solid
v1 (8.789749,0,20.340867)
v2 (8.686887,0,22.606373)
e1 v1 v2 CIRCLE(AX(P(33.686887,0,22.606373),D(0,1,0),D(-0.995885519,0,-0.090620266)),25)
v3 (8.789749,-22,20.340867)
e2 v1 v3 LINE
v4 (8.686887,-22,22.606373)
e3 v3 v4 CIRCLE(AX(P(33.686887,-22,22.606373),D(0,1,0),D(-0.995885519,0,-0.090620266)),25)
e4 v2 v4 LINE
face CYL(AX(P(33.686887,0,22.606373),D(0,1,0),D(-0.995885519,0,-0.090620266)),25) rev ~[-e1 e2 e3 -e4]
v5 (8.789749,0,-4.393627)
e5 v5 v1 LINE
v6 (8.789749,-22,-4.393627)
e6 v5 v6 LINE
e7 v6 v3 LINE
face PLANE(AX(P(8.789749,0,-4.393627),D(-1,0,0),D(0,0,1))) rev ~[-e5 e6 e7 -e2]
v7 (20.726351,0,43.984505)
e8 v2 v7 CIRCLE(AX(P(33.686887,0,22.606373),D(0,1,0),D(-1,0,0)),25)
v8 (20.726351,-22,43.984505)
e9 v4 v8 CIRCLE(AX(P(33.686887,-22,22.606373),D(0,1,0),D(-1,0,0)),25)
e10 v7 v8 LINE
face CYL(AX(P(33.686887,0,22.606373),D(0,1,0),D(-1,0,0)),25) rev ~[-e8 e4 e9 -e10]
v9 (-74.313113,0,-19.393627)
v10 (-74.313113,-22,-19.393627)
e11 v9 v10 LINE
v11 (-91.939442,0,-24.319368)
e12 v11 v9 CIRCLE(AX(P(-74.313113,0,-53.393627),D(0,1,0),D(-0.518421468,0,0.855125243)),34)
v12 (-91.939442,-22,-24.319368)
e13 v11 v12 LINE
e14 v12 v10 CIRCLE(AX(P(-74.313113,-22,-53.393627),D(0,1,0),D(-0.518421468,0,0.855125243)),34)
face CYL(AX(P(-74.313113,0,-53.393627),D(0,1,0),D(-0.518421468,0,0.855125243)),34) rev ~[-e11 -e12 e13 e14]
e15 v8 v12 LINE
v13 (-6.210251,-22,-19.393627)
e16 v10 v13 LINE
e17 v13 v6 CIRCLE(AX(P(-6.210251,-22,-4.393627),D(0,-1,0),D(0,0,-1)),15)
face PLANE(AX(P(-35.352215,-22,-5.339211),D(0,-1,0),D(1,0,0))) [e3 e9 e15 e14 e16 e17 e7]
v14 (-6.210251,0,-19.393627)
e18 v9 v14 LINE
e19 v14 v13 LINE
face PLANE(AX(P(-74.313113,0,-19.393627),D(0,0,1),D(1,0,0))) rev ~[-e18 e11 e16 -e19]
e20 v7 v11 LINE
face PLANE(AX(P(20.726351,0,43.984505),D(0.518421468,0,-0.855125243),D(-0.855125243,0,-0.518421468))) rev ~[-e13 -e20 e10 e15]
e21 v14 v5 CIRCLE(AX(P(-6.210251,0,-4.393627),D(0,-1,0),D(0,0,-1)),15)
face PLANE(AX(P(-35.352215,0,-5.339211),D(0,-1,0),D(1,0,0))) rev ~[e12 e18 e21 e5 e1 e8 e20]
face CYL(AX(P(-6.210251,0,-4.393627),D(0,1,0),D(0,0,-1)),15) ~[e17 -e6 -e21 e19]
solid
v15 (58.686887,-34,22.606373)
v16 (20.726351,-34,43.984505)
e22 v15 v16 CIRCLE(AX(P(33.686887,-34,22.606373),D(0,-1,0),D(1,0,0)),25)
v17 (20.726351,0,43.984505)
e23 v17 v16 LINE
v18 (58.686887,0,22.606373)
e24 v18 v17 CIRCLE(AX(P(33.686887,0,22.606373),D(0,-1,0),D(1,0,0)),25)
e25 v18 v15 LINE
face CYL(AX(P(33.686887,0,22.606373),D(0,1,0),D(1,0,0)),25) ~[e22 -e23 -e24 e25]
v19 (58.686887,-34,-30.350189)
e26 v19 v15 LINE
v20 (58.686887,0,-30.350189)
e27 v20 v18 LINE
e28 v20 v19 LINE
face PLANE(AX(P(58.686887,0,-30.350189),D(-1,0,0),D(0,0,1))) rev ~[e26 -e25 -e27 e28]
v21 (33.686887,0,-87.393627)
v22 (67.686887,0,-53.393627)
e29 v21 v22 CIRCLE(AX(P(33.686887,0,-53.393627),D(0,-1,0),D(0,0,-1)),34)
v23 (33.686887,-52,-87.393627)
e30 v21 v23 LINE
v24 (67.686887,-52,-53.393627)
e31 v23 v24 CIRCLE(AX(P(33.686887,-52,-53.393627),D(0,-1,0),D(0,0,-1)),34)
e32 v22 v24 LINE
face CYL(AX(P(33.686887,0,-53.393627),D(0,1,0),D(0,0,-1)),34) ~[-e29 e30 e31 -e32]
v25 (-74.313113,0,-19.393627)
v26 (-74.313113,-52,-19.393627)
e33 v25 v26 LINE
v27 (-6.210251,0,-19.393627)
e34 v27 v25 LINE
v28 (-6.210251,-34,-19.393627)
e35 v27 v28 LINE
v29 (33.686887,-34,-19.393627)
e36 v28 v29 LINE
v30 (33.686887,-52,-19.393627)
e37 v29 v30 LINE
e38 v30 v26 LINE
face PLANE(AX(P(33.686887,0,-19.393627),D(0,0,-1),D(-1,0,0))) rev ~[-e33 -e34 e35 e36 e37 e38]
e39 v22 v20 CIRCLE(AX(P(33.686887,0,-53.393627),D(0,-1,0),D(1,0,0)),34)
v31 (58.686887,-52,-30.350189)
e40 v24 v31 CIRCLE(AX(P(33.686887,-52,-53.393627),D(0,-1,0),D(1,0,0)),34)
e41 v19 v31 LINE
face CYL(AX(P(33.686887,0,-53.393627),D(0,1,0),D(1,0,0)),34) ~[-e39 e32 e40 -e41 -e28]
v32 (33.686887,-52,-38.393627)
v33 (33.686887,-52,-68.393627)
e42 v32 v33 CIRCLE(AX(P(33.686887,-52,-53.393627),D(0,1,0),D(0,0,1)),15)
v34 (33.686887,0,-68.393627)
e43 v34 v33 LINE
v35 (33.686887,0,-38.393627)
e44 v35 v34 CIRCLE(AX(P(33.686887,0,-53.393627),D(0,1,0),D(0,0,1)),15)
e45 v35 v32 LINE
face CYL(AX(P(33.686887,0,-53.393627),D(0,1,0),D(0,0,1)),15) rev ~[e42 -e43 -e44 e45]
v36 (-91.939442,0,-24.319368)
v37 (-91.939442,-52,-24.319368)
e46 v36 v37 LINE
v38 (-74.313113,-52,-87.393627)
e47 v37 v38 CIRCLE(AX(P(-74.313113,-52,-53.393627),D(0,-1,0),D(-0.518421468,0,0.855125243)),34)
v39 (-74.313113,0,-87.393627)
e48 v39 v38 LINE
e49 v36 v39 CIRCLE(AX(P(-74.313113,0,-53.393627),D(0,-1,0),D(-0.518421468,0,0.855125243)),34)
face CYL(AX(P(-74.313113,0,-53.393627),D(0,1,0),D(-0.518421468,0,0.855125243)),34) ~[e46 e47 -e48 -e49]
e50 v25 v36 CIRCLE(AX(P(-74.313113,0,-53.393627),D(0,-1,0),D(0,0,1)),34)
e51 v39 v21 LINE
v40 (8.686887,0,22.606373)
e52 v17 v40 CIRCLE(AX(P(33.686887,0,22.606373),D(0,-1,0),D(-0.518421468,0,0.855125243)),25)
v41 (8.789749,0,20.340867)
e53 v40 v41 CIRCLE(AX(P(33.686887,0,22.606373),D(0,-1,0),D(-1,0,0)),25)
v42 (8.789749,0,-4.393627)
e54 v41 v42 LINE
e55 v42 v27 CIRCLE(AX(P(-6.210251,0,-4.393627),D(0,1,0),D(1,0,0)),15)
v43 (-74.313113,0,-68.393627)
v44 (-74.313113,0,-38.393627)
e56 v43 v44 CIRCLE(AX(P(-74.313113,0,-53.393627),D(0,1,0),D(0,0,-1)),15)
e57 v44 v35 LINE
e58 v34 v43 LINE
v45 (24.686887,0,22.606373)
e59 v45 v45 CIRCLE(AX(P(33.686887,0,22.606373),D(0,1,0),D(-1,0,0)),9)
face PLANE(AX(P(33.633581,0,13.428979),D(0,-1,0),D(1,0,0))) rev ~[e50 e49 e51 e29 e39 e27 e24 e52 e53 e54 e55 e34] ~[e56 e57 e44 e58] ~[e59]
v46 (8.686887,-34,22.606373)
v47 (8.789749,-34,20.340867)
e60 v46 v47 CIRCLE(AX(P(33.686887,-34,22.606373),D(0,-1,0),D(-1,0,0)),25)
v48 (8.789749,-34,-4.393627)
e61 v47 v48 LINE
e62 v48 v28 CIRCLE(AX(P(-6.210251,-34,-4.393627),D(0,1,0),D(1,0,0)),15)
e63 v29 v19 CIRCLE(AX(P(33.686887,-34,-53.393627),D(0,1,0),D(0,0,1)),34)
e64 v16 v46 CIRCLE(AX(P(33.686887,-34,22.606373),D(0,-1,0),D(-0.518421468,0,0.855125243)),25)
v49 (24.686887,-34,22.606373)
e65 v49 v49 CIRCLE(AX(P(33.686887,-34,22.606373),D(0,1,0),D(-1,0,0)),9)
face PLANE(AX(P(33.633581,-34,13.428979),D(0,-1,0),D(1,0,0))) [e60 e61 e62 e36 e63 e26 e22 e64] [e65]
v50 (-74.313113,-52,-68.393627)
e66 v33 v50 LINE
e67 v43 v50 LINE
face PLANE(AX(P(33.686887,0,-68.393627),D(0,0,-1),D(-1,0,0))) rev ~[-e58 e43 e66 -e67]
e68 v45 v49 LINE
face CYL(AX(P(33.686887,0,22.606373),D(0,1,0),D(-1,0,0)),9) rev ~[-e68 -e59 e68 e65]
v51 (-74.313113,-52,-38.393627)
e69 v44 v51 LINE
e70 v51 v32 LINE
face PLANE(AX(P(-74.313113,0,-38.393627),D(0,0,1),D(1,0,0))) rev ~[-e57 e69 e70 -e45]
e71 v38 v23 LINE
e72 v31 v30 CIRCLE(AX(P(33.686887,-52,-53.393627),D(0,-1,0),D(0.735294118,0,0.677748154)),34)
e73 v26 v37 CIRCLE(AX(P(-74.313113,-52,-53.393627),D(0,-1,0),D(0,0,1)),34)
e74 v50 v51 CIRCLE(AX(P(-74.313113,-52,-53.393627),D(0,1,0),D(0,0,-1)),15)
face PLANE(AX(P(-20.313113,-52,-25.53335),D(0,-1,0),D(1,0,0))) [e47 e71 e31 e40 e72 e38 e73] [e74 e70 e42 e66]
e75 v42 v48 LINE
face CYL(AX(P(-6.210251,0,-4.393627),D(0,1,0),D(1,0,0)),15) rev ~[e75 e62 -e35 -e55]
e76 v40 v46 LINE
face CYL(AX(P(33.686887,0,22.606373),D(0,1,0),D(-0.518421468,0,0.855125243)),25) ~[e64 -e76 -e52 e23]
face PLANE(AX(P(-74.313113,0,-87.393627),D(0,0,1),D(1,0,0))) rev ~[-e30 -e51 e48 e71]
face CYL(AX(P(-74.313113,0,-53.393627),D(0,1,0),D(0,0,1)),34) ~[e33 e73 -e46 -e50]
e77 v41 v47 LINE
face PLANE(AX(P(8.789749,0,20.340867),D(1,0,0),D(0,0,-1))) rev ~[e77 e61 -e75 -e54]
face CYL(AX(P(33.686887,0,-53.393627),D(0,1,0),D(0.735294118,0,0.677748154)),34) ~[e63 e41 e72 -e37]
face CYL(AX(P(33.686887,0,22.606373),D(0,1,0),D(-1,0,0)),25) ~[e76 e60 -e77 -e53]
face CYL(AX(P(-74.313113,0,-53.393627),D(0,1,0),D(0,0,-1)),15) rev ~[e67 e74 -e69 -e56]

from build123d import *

# Parameters (mm, degrees)
F1_DEPTH = 52
F2_DEPTH = 34
F3_DEPTH = 22


with BuildPart() as f1:
    # F0 (on Front) → F1 (new body)
    with BuildSketch(Plane.XZ):
        with BuildLine():
            ThreePointArc((3.1745948681, -38.3936265707), (15.7146867173, -24.5318871914), (33.6868874729, -19.3936265707))
            Line((33.6868874729, -19.3936265707), (-6.2102505072, -19.3936265707))
            Line((-6.2102505072, -19.3936265707), (-74.3131125271, -19.3936265707))
            ThreePointArc((-74.3131125271, -19.3936265707), (-56.3409117715, -24.5318871914), (-43.8008199223, -38.3936265707))
            Line((-43.8008199223, -38.3936265707), (3.1745948681, -38.3936265707))
        make_face()
        with BuildLine():
            ThreePointArc((-43.8008199223, -38.3936265707), (-56.3409117715, -24.5318871914), (-74.3131125271, -19.3936265707))
            Line((-74.3131125271, -19.3936265707), (-74.3131125271, -38.3936265707))
            Line((-74.3131125271, -38.3936265707), (-43.8008199223, -38.3936265707))
        make_face()
        with BuildLine():
            ThreePointArc((-74.3131125271, -19.3936265707), (-83.4639381348, -20.6482087127), (-91.9394424253, -24.3193682943))
            ThreePointArc((-91.9394424253, -24.3193682943), (-107.0585303852, -62.5444521784), (-74.3131125271, -87.3936265707))
            Line((-74.3131125271, -87.3936265707), (-74.3131125271, -68.3936265707))
            ThreePointArc((-74.3131125271, -68.3936265707), (-89.3131125271, -53.3936265707), (-74.3131125271, -38.3936265707))
            Line((-74.3131125271, -38.3936265707), (-74.3131125271, -19.3936265707))
        make_face()
        with BuildLine():
            Line((-74.3131125271, -68.3936265707), (-74.3131125271, -87.3936265707))
            ThreePointArc((-74.3131125271, -87.3936265707), (-56.3409117715, -82.25536595), (-43.8008199223, -68.3936265707))
            Line((-43.8008199223, -68.3936265707), (-74.3131125271, -68.3936265707))
        make_face()
        with BuildLine():
            Line((-74.3131125271, -87.3936265707), (33.6868874729, -87.3936265707))
            ThreePointArc((33.6868874729, -87.3936265707), (15.7146867173, -82.25536595), (3.1745948681, -68.3936265707))
            Line((3.1745948681, -68.3936265707), (-43.8008199223, -68.3936265707))
            ThreePointArc((-43.8008199223, -68.3936265707), (-56.3409117715, -82.25536595), (-74.3131125271, -87.3936265707))
        make_face()
        with BuildLine():
            ThreePointArc((3.1745948681, -68.3936265707), (15.7146867173, -82.25536595), (33.6868874729, -87.3936265707))
            Line((33.6868874729, -87.3936265707), (33.6868874729, -68.3936265707))
            Line((33.6868874729, -68.3936265707), (3.1745948681, -68.3936265707))
        make_face()
        with BuildLine():
            ThreePointArc((67.6868874729, -53.3936265707), (65.3570627171, -41.0243096938), (58.6868874729, -30.3501893271))
            ThreePointArc((58.6868874729, -30.3501893271), (47.3346553072, -22.2530030519), (33.6868874729, -19.3936265707))
            Line((33.6868874729, -19.3936265707), (33.6868874729, -38.3936265707))
            ThreePointArc((33.6868874729, -38.3936265707), (48.6868874729, -53.3936265707), (33.6868874729, -68.3936265707))
            Line((33.6868874729, -68.3936265707), (33.6868874729, -87.3936265707))
            ThreePointArc((33.6868874729, -87.3936265707), (57.7285180332, -77.435257131), (67.6868874729, -53.3936265707))
        make_face()
        with BuildLine():
            Line((33.6868874729, -38.3936265707), (33.6868874729, -19.3936265707))
            ThreePointArc((33.6868874729, -19.3936265707), (15.7146867173, -24.5318871914), (3.1745948681, -38.3936265707))
            Line((3.1745948681, -38.3936265707), (33.6868874729, -38.3936265707))
        make_face()
    extrude(amount=F1_DEPTH)

    # F0 (on Front) → F2 (join)
    with BuildSketch(Plane.XZ):
        with BuildLine():
            Line((58.6868874729, 22.6063734293), (42.6868874729, 22.6063734293))
            ThreePointArc((42.6868874729, 22.6063734293), (33.6868874729, 13.6063734293), (24.6868874729, 22.6063734293))
            Line((24.6868874729, 22.6063734293), (8.6868874729, 22.6063734293))
            ThreePointArc((8.6868874729, 22.6063734293), (8.7126162172, 21.4724531281), (8.7897494928, 20.3408667745))
            ThreePointArc((8.7897494928, 20.3408667745), (34.8208077741, -2.3678978263), (58.6868874729, 22.6063734293))
        make_face()
        with BuildLine():
            ThreePointArc((24.6868874729, 22.6063734293), (33.6868874729, 31.6063734293), (42.6868874729, 22.6063734293))
            Line((42.6868874729, 22.6063734293), (58.6868874729, 22.6063734293))
            ThreePointArc((58.6868874729, 22.6063734293), (45.9544581931, 44.389548327), (20.726350783, 43.9845045149))
            ThreePointArc((20.726350783, 43.9845045149), (11.9037125752, 34.8739441496), (8.6868874729, 22.6063734293))
            Line((8.6868874729, 22.6063734293), (24.6868874729, 22.6063734293))
        make_face()
        with BuildLine():
            Line((58.6868874729, -30.3501893271), (58.6868874729, 22.6063734293))
            ThreePointArc((58.6868874729, 22.6063734293), (34.8208077741, -2.3678978263), (8.7897494928, 20.3408667745))
            Line((8.7897494928, 20.3408667745), (8.7897494928, -4.3936265707))
            ThreePointArc((8.7897494928, -4.3936265707), (4.3963512106, -15.0002282885), (-6.2102505072, -19.3936265707))
            Line((-6.2102505072, -19.3936265707), (33.6868874729, -19.3936265707))
            ThreePointArc((33.6868874729, -19.3936265707), (47.3346553072, -22.2530030519), (58.6868874729, -30.3501893271))
        make_face()
    extrude(amount=F2_DEPTH)


with BuildPart() as f3:
    # F0 (on Front) → F3 (new body)
    with BuildSketch(Plane.XZ):
        with BuildLine():
            ThreePointArc((8.7897494928, 20.3408667745), (8.7126162172, 21.4724531281), (8.6868874729, 22.6063734293))
            Line((8.6868874729, 22.6063734293), (-14.5364241814, 22.6063734293))
            Line((-14.5364241814, 22.6063734293), (-91.9394424253, -24.3193682943))
            ThreePointArc((-91.9394424253, -24.3193682943), (-83.4639381348, -20.6482087127), (-74.3131125271, -19.3936265707))
            Line((-74.3131125271, -19.3936265707), (-6.2102505072, -19.3936265707))
            ThreePointArc((-6.2102505072, -19.3936265707), (4.3963512106, -15.0002282885), (8.7897494928, -4.3936265707))
            Line((8.7897494928, -4.3936265707), (8.7897494928, 20.3408667745))
        make_face()
        with BuildLine():
            Line((-14.5364241814, 22.6063734293), (8.6868874729, 22.6063734293))
            ThreePointArc((8.6868874729, 22.6063734293), (11.9037125752, 34.8739441496), (20.726350783, 43.9845045149))
            Line((20.726350783, 43.9845045149), (-14.5364241814, 22.6063734293))
        make_face()
    extrude(amount=F3_DEPTH)


solid = Compound([f1.part, f3.part])
